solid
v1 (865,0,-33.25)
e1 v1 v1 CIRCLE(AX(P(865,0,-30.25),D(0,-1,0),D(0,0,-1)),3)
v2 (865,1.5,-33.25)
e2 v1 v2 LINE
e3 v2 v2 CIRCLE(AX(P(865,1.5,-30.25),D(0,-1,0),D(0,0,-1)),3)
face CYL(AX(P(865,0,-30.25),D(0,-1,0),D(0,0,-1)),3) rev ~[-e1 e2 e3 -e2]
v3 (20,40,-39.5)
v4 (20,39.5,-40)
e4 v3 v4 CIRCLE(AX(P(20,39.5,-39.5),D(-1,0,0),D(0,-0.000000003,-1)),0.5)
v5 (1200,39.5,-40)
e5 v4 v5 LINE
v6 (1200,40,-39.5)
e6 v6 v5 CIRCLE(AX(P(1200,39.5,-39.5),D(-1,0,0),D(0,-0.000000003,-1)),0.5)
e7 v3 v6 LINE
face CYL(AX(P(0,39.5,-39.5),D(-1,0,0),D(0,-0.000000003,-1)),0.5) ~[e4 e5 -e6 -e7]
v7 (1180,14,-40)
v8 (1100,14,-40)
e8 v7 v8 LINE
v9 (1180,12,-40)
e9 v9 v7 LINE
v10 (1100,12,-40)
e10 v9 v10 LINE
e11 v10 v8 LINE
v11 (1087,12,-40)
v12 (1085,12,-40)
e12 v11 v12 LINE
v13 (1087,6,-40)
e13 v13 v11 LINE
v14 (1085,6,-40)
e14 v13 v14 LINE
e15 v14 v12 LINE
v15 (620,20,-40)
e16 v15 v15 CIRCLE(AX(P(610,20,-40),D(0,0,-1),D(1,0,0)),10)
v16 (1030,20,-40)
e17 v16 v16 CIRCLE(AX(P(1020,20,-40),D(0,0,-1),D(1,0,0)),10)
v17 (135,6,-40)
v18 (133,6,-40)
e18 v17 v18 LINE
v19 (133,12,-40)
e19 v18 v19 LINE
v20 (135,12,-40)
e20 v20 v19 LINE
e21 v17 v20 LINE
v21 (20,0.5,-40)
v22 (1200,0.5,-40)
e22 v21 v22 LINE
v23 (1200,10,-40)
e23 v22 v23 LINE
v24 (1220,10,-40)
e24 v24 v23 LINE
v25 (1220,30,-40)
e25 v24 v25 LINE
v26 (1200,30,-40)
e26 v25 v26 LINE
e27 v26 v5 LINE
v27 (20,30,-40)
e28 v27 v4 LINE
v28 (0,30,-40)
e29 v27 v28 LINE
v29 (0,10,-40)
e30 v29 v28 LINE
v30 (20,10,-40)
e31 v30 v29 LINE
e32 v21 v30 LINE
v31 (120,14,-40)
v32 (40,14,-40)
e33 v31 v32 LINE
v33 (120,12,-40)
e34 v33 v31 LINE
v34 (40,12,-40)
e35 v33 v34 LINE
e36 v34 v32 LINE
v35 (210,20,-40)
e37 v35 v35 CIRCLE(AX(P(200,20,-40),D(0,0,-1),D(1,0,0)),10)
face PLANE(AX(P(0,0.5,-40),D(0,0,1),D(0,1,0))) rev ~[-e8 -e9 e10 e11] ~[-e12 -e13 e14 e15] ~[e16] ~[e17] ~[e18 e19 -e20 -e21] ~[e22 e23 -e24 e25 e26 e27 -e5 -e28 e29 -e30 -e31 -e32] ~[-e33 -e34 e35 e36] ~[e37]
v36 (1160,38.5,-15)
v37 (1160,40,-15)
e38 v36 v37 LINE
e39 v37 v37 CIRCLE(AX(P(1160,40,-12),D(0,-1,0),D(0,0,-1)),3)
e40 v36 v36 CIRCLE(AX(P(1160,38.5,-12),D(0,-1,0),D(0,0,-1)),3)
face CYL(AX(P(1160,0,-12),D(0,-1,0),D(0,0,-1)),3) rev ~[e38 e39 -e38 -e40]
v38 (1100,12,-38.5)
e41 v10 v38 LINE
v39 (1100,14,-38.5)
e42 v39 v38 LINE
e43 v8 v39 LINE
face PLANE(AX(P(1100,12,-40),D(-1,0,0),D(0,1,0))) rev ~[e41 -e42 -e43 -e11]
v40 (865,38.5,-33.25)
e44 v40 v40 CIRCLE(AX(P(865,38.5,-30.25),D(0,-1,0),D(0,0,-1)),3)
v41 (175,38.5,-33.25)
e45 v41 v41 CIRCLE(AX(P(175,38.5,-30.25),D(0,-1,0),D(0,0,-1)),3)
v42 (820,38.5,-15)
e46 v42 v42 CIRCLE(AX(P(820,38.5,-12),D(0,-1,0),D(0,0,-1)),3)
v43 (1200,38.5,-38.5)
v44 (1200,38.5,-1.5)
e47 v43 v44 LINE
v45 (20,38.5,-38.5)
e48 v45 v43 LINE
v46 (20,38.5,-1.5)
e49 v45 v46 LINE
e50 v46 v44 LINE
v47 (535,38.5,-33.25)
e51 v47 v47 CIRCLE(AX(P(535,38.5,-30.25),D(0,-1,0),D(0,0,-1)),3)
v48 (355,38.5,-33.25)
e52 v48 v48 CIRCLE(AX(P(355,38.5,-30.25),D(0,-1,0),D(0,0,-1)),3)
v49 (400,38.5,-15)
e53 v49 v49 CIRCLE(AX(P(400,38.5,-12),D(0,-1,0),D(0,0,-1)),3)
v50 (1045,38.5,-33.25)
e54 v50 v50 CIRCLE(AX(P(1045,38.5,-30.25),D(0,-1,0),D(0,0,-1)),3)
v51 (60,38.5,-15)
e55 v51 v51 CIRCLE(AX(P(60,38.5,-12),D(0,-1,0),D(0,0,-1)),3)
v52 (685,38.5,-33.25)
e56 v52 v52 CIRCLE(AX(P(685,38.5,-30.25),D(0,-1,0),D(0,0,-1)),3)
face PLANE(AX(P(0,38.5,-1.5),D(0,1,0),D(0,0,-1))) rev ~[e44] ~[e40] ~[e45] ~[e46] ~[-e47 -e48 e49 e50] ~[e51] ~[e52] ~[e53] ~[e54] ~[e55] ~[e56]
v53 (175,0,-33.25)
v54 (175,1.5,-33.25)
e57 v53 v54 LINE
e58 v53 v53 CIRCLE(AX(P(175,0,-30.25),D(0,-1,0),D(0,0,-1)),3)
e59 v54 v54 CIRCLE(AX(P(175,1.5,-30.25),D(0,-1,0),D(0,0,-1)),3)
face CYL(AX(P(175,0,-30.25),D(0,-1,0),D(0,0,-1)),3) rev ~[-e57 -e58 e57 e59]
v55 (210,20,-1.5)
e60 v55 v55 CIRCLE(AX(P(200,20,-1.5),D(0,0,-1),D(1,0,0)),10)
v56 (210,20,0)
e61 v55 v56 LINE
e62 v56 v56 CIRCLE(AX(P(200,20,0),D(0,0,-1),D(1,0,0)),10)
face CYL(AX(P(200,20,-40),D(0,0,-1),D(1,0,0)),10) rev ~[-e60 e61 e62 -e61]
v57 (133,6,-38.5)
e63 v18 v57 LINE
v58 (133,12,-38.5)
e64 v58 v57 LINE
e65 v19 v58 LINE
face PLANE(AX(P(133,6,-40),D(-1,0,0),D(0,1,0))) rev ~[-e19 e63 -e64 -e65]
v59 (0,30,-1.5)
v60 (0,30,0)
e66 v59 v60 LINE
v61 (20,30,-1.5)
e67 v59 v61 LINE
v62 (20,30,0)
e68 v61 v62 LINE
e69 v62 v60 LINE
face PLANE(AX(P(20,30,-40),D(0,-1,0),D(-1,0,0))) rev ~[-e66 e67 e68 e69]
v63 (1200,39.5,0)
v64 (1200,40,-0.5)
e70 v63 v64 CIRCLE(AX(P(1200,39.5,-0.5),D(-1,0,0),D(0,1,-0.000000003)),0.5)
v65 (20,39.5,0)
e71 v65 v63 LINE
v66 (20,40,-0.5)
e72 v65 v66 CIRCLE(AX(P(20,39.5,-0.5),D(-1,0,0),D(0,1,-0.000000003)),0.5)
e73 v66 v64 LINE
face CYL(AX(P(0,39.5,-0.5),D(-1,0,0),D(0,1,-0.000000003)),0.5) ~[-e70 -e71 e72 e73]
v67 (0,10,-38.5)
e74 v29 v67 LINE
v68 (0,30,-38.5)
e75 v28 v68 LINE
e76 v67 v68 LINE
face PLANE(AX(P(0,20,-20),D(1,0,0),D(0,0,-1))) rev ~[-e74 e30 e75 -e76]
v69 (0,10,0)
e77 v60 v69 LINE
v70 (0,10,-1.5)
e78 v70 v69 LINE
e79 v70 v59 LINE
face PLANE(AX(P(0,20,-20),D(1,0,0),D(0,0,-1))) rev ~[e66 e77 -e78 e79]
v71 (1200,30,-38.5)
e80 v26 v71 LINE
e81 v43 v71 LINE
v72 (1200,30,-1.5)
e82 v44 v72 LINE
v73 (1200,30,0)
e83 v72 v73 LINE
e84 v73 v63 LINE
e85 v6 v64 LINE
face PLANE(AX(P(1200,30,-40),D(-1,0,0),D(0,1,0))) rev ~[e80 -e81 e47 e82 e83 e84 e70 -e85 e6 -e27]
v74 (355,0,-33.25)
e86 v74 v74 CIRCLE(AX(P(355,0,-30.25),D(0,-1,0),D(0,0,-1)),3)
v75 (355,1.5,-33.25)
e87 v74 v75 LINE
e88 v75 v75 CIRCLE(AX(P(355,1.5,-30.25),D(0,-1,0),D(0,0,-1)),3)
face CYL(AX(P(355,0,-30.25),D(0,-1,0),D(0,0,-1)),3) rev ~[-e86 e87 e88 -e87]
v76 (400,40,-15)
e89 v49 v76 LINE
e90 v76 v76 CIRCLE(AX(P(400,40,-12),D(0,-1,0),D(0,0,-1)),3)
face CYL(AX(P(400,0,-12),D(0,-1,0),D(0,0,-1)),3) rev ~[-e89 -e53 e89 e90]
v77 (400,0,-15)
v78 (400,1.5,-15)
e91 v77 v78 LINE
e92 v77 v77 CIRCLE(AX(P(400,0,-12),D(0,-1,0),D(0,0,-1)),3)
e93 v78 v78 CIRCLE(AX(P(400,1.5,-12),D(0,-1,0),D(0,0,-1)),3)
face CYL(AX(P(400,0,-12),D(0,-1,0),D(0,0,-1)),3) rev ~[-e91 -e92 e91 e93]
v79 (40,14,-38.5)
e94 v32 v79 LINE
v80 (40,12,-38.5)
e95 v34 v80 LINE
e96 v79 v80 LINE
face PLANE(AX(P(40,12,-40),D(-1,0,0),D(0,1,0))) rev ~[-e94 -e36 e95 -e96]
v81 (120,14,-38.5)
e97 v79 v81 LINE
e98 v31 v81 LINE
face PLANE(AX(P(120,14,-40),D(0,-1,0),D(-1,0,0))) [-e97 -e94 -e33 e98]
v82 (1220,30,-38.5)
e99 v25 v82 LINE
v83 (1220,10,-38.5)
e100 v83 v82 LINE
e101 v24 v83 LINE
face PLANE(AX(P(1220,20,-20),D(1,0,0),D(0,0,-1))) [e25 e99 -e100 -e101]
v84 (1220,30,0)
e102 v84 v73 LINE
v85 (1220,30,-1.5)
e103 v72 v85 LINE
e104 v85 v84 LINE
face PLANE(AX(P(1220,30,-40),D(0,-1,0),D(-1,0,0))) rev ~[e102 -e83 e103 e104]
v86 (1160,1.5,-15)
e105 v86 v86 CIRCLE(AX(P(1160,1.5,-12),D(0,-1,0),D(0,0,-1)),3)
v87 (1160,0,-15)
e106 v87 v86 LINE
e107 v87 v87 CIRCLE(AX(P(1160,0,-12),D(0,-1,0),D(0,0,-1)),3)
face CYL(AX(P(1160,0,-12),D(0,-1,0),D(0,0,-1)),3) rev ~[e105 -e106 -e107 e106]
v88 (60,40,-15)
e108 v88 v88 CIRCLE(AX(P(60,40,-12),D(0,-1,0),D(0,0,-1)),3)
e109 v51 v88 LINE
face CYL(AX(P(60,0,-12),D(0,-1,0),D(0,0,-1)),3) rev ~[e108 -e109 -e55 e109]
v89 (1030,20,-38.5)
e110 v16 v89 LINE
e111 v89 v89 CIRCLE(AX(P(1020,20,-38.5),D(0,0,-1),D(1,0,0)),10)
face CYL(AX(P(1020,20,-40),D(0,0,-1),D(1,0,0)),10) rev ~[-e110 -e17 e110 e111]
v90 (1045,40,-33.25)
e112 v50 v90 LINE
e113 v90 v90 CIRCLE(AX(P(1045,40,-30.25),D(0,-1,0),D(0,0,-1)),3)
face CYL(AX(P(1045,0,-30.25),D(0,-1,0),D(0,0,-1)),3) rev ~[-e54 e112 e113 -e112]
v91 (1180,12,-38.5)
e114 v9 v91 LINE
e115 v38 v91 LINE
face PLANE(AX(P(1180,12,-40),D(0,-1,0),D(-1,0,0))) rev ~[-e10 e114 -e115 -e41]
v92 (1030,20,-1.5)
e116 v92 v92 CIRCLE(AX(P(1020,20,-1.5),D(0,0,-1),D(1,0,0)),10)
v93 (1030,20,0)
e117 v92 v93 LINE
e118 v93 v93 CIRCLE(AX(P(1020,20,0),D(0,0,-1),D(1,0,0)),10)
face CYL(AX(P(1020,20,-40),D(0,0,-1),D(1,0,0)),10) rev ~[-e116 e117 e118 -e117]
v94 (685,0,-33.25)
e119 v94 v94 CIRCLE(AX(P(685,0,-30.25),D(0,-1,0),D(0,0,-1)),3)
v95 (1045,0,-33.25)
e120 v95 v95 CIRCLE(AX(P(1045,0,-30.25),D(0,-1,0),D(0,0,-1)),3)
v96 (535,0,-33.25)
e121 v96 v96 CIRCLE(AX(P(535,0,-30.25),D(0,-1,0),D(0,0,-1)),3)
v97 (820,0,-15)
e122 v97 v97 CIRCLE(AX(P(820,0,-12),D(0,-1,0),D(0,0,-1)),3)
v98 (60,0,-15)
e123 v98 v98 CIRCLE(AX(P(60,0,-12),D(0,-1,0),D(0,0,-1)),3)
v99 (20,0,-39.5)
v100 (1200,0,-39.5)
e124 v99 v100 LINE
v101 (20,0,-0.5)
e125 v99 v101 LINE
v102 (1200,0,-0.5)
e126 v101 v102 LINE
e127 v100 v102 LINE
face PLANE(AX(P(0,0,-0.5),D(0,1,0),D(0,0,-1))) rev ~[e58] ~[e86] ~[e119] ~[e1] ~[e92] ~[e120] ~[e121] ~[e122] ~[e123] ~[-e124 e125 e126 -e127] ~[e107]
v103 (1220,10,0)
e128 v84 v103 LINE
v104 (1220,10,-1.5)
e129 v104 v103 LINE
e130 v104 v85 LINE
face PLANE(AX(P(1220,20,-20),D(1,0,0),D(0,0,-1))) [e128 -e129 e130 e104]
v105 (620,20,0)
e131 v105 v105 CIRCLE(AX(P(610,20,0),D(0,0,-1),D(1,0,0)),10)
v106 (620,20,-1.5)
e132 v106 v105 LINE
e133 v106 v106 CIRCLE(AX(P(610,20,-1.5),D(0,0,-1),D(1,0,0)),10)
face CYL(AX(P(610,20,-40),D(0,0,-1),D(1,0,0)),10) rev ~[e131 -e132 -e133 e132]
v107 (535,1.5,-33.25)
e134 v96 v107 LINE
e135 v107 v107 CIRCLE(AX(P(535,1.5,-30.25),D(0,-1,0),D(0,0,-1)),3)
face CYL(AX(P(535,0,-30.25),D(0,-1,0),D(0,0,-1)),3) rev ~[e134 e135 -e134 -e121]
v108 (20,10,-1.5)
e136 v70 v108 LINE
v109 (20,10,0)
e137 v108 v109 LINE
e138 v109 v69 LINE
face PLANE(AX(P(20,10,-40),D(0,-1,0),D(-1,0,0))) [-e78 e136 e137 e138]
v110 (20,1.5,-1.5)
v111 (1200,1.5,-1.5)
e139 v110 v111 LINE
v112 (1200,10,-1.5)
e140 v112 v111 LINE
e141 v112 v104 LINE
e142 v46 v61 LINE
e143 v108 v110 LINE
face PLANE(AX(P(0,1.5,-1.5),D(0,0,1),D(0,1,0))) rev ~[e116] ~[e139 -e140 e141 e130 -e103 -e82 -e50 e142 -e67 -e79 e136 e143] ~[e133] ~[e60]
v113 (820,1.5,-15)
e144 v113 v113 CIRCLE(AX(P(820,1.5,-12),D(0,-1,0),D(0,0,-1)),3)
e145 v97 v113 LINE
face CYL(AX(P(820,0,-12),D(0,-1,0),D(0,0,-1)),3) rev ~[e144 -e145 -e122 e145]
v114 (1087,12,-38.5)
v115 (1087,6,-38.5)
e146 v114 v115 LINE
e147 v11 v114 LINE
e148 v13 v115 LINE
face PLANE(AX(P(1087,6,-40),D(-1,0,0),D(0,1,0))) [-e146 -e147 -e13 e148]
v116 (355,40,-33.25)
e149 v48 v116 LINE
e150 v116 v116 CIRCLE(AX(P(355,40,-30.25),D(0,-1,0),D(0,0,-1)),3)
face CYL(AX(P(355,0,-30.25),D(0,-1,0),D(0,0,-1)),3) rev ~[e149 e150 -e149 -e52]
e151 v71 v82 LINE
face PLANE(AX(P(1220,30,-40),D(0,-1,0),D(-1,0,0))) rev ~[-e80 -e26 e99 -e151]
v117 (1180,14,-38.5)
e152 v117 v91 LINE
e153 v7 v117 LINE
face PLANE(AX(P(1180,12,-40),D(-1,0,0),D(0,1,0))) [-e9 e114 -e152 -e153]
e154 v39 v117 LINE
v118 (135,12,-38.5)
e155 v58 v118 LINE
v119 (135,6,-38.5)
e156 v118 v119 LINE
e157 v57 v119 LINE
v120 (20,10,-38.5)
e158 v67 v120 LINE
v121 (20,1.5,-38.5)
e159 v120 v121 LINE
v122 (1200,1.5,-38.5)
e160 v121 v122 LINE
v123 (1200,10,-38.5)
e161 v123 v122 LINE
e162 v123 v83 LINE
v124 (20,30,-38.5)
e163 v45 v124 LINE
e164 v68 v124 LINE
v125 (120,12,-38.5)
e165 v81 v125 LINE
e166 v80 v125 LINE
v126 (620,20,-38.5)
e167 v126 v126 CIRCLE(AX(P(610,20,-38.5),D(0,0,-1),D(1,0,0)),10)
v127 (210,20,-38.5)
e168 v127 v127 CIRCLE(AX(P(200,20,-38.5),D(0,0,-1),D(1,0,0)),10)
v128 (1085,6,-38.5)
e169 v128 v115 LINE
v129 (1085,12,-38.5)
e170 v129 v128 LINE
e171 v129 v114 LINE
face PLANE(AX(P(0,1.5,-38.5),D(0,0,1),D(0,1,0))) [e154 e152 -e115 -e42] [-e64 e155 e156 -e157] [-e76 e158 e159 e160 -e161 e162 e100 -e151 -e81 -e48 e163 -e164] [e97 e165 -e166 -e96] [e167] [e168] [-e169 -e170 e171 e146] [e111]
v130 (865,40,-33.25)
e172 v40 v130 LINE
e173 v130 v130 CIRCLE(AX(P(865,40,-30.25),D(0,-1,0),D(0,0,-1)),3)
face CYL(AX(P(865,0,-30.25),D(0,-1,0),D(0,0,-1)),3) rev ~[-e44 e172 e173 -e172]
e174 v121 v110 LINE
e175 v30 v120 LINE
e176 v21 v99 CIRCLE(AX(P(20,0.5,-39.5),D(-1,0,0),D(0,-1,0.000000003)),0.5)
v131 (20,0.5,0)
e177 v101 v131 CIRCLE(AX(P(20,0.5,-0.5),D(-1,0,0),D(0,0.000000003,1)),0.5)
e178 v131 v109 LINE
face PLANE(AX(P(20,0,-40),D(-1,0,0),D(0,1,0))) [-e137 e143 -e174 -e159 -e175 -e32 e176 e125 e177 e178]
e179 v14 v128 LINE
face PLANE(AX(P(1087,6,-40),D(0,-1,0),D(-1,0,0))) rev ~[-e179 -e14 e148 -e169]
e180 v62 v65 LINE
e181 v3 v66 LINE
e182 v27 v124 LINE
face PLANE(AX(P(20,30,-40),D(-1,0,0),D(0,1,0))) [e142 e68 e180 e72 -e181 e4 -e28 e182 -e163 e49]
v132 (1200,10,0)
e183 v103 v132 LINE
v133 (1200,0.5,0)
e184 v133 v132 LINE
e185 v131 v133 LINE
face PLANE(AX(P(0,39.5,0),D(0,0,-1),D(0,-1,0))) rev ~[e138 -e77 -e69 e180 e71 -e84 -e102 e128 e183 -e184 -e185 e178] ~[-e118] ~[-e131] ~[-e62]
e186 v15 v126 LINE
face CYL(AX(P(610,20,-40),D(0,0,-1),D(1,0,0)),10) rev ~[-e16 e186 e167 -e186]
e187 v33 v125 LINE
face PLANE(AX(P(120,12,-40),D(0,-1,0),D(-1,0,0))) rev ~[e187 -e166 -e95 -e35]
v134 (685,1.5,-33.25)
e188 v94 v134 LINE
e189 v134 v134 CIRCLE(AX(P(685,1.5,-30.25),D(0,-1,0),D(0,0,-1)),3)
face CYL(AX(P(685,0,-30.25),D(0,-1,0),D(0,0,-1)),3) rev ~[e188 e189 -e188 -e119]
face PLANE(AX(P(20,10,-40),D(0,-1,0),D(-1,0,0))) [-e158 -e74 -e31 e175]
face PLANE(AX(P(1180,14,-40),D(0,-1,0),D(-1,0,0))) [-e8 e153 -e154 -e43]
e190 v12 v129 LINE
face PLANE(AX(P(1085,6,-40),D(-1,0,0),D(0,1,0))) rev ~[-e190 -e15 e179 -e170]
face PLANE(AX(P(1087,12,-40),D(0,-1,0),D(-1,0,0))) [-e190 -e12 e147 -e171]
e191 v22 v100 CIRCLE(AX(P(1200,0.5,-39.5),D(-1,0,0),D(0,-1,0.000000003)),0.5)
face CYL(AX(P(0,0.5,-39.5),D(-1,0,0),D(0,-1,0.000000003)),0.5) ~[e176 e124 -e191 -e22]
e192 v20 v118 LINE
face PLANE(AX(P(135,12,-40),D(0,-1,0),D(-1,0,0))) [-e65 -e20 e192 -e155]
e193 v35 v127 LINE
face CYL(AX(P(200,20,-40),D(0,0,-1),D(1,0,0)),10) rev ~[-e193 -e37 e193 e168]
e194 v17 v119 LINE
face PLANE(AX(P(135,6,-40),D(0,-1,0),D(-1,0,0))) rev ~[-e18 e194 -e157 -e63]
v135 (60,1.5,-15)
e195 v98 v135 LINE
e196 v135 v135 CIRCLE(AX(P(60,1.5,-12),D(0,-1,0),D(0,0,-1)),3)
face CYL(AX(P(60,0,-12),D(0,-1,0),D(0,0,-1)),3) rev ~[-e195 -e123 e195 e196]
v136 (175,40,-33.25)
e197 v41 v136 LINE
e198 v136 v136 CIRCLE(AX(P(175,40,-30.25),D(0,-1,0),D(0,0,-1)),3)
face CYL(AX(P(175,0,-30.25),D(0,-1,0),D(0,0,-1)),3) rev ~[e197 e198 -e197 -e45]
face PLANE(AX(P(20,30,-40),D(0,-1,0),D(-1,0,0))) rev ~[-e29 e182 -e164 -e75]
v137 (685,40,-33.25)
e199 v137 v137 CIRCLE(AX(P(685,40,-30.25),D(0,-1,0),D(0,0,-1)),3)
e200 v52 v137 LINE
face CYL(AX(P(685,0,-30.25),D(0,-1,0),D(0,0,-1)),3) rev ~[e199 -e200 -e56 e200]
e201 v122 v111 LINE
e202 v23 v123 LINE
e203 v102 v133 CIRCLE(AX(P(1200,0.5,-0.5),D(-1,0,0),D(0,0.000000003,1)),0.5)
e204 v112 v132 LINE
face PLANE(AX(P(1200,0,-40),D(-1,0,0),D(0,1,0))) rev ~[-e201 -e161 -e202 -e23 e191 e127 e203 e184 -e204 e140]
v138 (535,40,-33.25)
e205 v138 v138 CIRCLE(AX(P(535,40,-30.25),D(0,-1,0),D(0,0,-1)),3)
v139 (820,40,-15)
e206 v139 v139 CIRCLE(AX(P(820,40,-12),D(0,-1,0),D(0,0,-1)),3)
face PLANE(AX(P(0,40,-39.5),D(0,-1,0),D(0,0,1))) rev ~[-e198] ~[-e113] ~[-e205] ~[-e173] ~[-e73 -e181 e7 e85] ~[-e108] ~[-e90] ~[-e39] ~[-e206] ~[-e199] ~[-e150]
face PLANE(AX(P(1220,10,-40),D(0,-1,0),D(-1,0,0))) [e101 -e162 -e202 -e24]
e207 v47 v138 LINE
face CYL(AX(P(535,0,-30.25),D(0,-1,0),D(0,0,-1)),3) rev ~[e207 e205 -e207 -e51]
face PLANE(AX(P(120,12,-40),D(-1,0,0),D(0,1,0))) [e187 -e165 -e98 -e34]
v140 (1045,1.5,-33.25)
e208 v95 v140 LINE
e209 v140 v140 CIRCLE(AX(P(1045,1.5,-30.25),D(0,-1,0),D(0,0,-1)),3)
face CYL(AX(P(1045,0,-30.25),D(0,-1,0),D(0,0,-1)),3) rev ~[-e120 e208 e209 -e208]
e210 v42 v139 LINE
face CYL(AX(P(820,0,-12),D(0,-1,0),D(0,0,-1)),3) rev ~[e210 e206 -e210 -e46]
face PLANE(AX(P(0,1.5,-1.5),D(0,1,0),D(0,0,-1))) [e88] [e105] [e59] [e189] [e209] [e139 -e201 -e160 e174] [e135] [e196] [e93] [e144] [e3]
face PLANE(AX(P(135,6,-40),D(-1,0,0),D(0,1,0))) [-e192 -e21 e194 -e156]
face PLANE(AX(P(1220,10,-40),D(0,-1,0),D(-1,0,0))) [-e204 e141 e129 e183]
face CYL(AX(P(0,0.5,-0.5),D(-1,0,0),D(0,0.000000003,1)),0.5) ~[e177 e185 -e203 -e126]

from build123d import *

# Parameters (mm, degrees)
SKETCH2_W               = 37
SKETCH2_H               = 37
BOSS_EXTRUDE1_DEPTH     = 1220
SKETCH3_W               = 20
SKETCH3_H               = 10
CUT_EXTRUDE1_DEPTH      = 50
SKETCH4_W               = 80
SKETCH4_H               = 2
SKETCH4_W_2             = 2
SKETCH4_H_2             = 6
CUT_EXTRUDE2_DEPTH      = 20
SKETCH5_R               = 10
CUT_EXTRUDE3_DEPTH      = 1222.310771262
CUT_EXTRUDE3_DEPTH_BACK = 1222.310771262
SKETCH6_R               = 3
CUT_EXTRUDE4_DEPTH      = 1222.310771262
SKETCH7_R               = 3
CUT_EXTRUDE5_DEPTH      = 1222.310771262


with BuildPart() as part:
    # Sketch2 → Boss-Extrude1 (new body)
    with BuildSketch(Plane(origin=(0, 0, 0), x_dir=(0, 0, -1), z_dir=(1, 0, 0))):
        with BuildLine():
            Line((0.5, 0), (39.5, 0))
            ThreePointArc((39.5, 0), (39.853553391, 0.146446609), (40, 0.5))
            Line((40, 0.5), (40, 39.5))
            ThreePointArc((40, 39.5), (39.853553391, 39.853553391), (39.5, 40))
            Line((39.5, 40), (0.5, 40))
            ThreePointArc((0.5, 40), (0.146446609, 39.853553391), (0, 39.5))
            Line((0, 39.5), (0, 0.5))
            ThreePointArc((0, 0.5), (0.146446609, 0.146446609), (0.5, 0))
        make_face()
        with Locations((20, 20)):
            Rectangle(SKETCH2_W, SKETCH2_H, mode=Mode.SUBTRACT)
    extrude(amount=BOSS_EXTRUDE1_DEPTH)

    # Sketch3 → Cut-Extrude1 (cut)
    with BuildSketch(Plane(origin=(0, 0, -40), x_dir=(-1, 0, 0), z_dir=(0, 0, -1))):
        with Locations((-1210, 35)):
            Rectangle(SKETCH3_W, SKETCH3_H)
        with Locations((-1210, 5)):
            Rectangle(SKETCH3_W, SKETCH3_H)
        with Locations((-10, 5)):
            Rectangle(SKETCH3_W, SKETCH3_H)
        with Locations((-10, 35)):
            Rectangle(SKETCH3_W, SKETCH3_H)
    extrude(amount=-CUT_EXTRUDE1_DEPTH, mode=Mode.SUBTRACT)

    # Sketch4 → Cut-Extrude2 (cut)
    with BuildSketch(Plane(origin=(0, 0, -40), x_dir=(-1, 0, 0), z_dir=(0, 0, -1))):
        with Locations((-80, 13)):
            Rectangle(SKETCH4_W, SKETCH4_H)
        with Locations((-134, 9)):
            Rectangle(SKETCH4_W_2, SKETCH4_H_2)
        with Locations((-1086, 9)):
            Rectangle(SKETCH4_W_2, SKETCH4_H_2)
        with Locations((-1140, 13)):
            Rectangle(SKETCH4_W, SKETCH4_H)
    extrude(amount=-CUT_EXTRUDE2_DEPTH, mode=Mode.SUBTRACT)

    # Sketch5 → Cut-Extrude3 (cut, two sides)
    with BuildSketch(Plane(origin=(0, 0, -40), x_dir=(-1, 0, 0), z_dir=(0, 0, -1))) as cut_extrude3_sk:
        with Locations(Location((-1020, 20, 0), (0, 0, 180))):
            Circle(SKETCH5_R)
        with Locations(Location((-610, 20, 0), (0, 0, 180))):
            Circle(SKETCH5_R)
        with Locations(Location((-200, 20, 0), (0, 0, 180))):
            Circle(SKETCH5_R)
    extrude(amount=CUT_EXTRUDE3_DEPTH, mode=Mode.SUBTRACT)
    extrude(cut_extrude3_sk.sketch, amount=-CUT_EXTRUDE3_DEPTH_BACK, mode=Mode.SUBTRACT)

    # Sketch6 → Cut-Extrude4 (cut, through all)
    with BuildSketch(Plane.XZ):
        with Locations(Location((1160, -12, 0), (0, 0, 270))):
            Circle(SKETCH6_R)
        with Locations(Location((820, -12, 0), (0, 0, 270))):
            Circle(SKETCH6_R)
        with Locations(Location((400, -12, 0), (0, 0, 270))):
            Circle(SKETCH6_R)
        with Locations(Location((60, -12, 0), (0, 0, 270))):
            Circle(SKETCH6_R)
    extrude(amount=-CUT_EXTRUDE4_DEPTH, mode=Mode.SUBTRACT)

    # Sketch7 → Cut-Extrude5 (cut, through all)
    with BuildSketch(Plane.XZ):
        with Locations(Location((1045, -30.25, 0), (0, 0, 270))):
            Circle(SKETCH7_R)
        with Locations(Location((865, -30.25, 0), (0, 0, 270))):
            Circle(SKETCH7_R)
        with Locations(Location((685, -30.25, 0), (0, 0, 270))):
            Circle(SKETCH7_R)
        with Locations(Location((535, -30.25, 0), (0, 0, 270))):
            Circle(SKETCH7_R)
        with Locations(Location((355, -30.25, 0), (0, 0, 270))):
            Circle(SKETCH7_R)
        with Locations(Location((175, -30.25, 0), (0, 0, 270))):
            Circle(SKETCH7_R)
    extrude(amount=-CUT_EXTRUDE5_DEPTH, mode=Mode.SUBTRACT)


solid = part.part
